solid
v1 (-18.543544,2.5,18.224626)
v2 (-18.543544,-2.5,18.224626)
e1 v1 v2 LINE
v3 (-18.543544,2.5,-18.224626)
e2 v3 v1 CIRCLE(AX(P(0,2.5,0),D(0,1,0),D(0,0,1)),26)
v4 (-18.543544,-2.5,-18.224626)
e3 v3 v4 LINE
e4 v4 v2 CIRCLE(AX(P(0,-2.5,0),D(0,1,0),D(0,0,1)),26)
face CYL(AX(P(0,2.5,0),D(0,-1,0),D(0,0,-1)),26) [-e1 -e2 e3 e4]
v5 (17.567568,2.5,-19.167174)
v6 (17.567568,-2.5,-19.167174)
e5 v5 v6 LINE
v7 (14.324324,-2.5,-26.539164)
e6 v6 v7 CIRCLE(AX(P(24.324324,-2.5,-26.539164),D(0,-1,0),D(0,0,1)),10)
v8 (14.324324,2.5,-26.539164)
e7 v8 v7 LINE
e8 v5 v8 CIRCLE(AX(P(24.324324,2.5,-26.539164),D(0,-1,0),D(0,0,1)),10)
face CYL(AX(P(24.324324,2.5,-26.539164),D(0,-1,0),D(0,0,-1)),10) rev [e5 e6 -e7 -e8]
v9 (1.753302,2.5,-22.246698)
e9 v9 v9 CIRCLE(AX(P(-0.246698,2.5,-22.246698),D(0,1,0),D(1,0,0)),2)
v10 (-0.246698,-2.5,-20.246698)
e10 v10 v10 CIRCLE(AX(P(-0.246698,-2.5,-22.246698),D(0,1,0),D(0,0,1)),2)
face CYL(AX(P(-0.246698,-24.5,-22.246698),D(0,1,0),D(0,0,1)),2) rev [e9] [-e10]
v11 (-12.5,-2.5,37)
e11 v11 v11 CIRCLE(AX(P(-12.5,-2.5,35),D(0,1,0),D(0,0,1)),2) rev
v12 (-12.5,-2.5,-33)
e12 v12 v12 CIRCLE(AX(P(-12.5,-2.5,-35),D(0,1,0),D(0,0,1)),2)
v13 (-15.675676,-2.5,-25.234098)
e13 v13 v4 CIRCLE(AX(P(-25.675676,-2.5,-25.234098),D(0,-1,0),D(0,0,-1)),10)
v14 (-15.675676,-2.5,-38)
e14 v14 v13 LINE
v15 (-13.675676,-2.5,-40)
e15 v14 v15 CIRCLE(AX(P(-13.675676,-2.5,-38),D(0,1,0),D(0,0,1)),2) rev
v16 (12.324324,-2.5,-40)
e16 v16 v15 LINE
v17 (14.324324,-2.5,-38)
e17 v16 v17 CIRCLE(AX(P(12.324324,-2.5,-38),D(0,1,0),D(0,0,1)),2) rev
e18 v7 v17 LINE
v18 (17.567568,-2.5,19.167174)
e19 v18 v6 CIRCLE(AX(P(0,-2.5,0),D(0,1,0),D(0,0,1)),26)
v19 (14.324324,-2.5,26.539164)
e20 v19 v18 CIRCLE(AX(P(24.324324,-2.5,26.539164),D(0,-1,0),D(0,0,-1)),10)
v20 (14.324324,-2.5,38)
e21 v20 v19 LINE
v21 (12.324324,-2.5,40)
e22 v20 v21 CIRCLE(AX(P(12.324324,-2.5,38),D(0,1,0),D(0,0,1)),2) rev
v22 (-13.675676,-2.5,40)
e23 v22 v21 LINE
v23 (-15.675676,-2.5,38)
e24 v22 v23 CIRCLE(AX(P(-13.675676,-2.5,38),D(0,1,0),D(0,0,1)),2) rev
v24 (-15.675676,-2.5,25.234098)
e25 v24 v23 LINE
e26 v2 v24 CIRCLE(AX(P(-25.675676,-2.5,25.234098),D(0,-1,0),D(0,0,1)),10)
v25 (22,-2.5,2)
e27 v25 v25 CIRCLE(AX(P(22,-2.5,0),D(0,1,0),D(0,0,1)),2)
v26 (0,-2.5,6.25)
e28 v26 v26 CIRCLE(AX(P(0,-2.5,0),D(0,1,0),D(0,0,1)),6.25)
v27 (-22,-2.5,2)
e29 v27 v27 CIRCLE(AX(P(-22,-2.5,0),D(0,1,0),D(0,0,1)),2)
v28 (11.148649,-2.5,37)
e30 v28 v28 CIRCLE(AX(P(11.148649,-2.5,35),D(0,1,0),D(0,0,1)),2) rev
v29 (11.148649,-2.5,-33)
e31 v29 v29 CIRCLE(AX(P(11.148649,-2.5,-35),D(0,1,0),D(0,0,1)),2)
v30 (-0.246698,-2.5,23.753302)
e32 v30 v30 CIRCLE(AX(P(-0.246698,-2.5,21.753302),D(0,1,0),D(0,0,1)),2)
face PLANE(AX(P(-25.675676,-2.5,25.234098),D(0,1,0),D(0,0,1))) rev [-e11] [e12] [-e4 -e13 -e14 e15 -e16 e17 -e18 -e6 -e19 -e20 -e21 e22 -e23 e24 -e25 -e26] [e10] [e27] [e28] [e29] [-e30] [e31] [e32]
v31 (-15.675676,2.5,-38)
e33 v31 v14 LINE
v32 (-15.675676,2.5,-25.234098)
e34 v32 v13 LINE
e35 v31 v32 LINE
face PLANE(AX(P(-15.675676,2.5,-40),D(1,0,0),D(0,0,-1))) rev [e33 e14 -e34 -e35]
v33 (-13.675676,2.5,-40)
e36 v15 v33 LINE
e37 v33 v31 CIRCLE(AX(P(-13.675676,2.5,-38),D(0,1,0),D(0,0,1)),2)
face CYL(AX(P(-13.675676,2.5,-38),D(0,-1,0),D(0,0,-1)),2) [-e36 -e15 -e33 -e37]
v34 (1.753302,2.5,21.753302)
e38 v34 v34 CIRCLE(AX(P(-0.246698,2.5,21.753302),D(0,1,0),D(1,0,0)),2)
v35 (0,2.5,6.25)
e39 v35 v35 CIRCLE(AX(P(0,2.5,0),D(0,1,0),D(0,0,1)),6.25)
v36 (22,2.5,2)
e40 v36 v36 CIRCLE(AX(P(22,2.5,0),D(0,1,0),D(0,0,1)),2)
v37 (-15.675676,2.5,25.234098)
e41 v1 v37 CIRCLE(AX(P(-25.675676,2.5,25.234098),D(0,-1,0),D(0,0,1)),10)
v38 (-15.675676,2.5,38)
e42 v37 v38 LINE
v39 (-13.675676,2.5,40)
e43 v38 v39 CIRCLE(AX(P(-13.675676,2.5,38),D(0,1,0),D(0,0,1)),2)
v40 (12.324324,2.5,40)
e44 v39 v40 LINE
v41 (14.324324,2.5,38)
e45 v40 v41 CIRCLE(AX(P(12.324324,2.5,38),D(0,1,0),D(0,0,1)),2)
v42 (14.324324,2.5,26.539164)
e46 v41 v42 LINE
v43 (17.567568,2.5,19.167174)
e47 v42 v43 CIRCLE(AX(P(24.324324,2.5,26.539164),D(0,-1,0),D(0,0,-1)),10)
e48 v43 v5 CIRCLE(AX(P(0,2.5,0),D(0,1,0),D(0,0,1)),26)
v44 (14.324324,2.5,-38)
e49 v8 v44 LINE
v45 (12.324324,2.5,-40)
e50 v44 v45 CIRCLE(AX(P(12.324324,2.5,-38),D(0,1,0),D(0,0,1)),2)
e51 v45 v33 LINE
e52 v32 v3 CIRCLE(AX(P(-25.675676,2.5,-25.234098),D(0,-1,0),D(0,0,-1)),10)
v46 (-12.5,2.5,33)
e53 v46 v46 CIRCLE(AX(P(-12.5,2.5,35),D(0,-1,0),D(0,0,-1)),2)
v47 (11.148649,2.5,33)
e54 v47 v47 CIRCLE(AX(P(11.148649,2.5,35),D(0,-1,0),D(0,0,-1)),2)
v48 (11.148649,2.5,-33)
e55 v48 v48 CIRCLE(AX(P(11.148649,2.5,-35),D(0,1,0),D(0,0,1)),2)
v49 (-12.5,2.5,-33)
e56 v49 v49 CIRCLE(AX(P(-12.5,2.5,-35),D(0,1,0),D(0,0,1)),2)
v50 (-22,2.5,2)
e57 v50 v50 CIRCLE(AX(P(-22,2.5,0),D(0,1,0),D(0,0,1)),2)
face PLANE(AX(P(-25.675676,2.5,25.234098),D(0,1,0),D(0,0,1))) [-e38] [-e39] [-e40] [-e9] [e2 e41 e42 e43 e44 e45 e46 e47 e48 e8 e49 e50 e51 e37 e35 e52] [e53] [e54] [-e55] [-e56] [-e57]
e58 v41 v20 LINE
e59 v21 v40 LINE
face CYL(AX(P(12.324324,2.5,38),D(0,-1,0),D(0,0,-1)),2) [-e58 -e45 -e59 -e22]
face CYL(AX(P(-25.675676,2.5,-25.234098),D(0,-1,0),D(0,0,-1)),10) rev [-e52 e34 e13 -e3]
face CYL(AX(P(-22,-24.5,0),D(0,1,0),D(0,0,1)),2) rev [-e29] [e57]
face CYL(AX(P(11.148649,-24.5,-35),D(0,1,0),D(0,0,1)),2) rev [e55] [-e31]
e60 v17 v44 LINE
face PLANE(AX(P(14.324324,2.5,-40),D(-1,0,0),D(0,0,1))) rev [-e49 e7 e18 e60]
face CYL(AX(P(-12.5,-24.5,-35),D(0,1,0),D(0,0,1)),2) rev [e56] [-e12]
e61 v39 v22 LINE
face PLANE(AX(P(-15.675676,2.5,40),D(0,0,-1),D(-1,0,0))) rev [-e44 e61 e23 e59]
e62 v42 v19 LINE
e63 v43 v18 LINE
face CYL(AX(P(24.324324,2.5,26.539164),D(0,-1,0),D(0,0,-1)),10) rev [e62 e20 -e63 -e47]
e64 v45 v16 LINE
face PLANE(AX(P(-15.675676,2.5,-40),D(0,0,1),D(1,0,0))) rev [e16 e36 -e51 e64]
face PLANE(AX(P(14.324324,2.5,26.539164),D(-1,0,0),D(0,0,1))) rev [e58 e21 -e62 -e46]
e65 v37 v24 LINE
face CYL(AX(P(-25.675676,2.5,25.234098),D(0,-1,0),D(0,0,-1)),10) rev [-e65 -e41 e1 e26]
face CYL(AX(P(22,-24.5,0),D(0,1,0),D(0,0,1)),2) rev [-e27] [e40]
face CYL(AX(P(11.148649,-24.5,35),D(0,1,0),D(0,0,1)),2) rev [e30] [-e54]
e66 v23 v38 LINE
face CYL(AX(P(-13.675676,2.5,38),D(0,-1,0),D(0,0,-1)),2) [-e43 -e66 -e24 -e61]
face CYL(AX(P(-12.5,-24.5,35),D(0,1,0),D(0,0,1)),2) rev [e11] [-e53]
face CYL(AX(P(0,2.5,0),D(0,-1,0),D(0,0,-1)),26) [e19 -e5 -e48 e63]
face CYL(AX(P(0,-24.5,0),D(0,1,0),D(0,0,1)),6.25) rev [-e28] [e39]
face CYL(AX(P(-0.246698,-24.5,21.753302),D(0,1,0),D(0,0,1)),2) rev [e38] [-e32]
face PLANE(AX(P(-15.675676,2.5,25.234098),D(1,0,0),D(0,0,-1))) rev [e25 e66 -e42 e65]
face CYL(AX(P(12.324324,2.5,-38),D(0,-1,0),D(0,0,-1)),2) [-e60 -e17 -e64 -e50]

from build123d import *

# Parameters (mm, degrees)
Y_KSEKLIK_EKSTR_ZYON1_DEPTH = 2.5
IZIM2_R                     = 2
KES_EKSTR_ZYON1_DEPTH       = 27
DAIRESEL_KAPLAMA1_COUNT     = 2
DAIRESEL_KAPLAMA1_ANGLE     = 90
IZIM3_R                     = 6.25
KES_EKSTR_ZYON2_DEPTH       = 27
IZIM4_R                     = 2
KES_EKSTR_ZYON3_DEPTH       = 27
RADYUS1_R                   = 2


with BuildPart() as part:
    # Çizim1 → Yükseklik-Ekstrüzyon1 (new, symmetric)
    with BuildSketch(Plane(origin=(0, 0, 0), x_dir=(1, 0, 0), z_dir=(0, 1, 0))):
        with BuildLine():
            Line((-15.675675676, 40), (-15.675675676, 25.234097539))
            ThreePointArc((-15.675675676, 25.234097539), (-16.420371215, 21.447365526), (-18.543543544, 18.224626))
            ThreePointArc((-18.543543544, 18.224626), (-26, 0), (-18.543543544, -18.224626))
            ThreePointArc((-18.543543544, -18.224626), (-16.420371215, -21.447365526), (-15.675675676, -25.234097539))
            Line((-15.675675676, -25.234097539), (-15.675675676, -40))
            Line((-15.675675676, -40), (14.324324324, -40))
            Line((14.324324324, -40), (14.324324324, -26.539164383))
            ThreePointArc((14.324324324, -26.539164383), (15.170976096, -22.512228052), (17.567567568, -19.167174277))
            ThreePointArc((17.567567568, -19.167174277), (26, 0), (17.567567568, 19.167174277))
            ThreePointArc((17.567567568, 19.167174277), (15.170976096, 22.512228052), (14.324324324, 26.539164383))
            Line((14.324324324, 26.539164383), (14.324324324, 40))
            Line((14.324324324, 40), (-15.675675676, 40))
        make_face()
    extrude(amount=Y_KSEKLIK_EKSTR_ZYON1_DEPTH, both=True)

    # Çizim2 → Kes-Ekstrüzyon1 (cut)
    with BuildSketch(Plane(origin=(0, 2.5, 0), x_dir=(1, 0, 0), z_dir=(0, 1, 0))):
        with Locations(Location((-22, 0, 0), (0, 0, 270))):
            Circle(IZIM2_R)
        with Locations(Location((22, 0, 0), (0, 0, 270))):
            Circle(IZIM2_R)
    kes_ekstr_zyon1 = extrude(amount=-KES_EKSTR_ZYON1_DEPTH, mode=Mode.SUBTRACT)

    # Dairesel Kaplama1: Kes-Ekstrüzyon1 ×2 about axis
    dairesel_kaplama1_axis = Axis((-0.246697988, 0, 0), (0, 1, 0))
    for i in range(1, DAIRESEL_KAPLAMA1_COUNT):
        add(kes_ekstr_zyon1.rotate(dairesel_kaplama1_axis, i * DAIRESEL_KAPLAMA1_ANGLE / (DAIRESEL_KAPLAMA1_COUNT - 1)), mode=Mode.SUBTRACT)

    # Çizim3 → Kes-Ekstrüzyon2 (cut)
    with BuildSketch(Plane(origin=(0, 2.5, 0), x_dir=(1, 0, 0), z_dir=(0, 1, 0))):
        with Locations(Location((0, 0, 0), (0, 0, 270))):
            Circle(IZIM3_R)
    extrude(amount=-KES_EKSTR_ZYON2_DEPTH, mode=Mode.SUBTRACT)

    # Çizim4 → Kes-Ekstrüzyon3 (cut)
    with BuildSketch(Plane(origin=(0, 2.5, 0), x_dir=(1, 0, 0), z_dir=(0, 1, 0))):
        with Locations(Location((-12.5, 35, 0), (0, 0, 270))):
            Circle(IZIM4_R)
        with Locations(Location((11.148648649, 35, 0), (0, 0, 270))):
            Circle(IZIM4_R)
    kes_ekstr_zyon3 = extrude(amount=-KES_EKSTR_ZYON3_DEPTH, mode=Mode.SUBTRACT)

    # Aynalama1: Kes-Ekstrüzyon3 across plane
    add(kes_ekstr_zyon3.mirror(Plane.XY), mode=Mode.SUBTRACT)

    # Radyus1
    radyus1_edges = [part.edges().sort_by_distance(p)[0] for p in [
        (-15.675675676, 0, -40),
        (14.324324324, 0, -40),
        (14.324324324, 0, 40),
        (-15.675675676, 0, 40),
    ]]
    fillet(radyus1_edges, radius=RADYUS1_R)


solid = part.part
